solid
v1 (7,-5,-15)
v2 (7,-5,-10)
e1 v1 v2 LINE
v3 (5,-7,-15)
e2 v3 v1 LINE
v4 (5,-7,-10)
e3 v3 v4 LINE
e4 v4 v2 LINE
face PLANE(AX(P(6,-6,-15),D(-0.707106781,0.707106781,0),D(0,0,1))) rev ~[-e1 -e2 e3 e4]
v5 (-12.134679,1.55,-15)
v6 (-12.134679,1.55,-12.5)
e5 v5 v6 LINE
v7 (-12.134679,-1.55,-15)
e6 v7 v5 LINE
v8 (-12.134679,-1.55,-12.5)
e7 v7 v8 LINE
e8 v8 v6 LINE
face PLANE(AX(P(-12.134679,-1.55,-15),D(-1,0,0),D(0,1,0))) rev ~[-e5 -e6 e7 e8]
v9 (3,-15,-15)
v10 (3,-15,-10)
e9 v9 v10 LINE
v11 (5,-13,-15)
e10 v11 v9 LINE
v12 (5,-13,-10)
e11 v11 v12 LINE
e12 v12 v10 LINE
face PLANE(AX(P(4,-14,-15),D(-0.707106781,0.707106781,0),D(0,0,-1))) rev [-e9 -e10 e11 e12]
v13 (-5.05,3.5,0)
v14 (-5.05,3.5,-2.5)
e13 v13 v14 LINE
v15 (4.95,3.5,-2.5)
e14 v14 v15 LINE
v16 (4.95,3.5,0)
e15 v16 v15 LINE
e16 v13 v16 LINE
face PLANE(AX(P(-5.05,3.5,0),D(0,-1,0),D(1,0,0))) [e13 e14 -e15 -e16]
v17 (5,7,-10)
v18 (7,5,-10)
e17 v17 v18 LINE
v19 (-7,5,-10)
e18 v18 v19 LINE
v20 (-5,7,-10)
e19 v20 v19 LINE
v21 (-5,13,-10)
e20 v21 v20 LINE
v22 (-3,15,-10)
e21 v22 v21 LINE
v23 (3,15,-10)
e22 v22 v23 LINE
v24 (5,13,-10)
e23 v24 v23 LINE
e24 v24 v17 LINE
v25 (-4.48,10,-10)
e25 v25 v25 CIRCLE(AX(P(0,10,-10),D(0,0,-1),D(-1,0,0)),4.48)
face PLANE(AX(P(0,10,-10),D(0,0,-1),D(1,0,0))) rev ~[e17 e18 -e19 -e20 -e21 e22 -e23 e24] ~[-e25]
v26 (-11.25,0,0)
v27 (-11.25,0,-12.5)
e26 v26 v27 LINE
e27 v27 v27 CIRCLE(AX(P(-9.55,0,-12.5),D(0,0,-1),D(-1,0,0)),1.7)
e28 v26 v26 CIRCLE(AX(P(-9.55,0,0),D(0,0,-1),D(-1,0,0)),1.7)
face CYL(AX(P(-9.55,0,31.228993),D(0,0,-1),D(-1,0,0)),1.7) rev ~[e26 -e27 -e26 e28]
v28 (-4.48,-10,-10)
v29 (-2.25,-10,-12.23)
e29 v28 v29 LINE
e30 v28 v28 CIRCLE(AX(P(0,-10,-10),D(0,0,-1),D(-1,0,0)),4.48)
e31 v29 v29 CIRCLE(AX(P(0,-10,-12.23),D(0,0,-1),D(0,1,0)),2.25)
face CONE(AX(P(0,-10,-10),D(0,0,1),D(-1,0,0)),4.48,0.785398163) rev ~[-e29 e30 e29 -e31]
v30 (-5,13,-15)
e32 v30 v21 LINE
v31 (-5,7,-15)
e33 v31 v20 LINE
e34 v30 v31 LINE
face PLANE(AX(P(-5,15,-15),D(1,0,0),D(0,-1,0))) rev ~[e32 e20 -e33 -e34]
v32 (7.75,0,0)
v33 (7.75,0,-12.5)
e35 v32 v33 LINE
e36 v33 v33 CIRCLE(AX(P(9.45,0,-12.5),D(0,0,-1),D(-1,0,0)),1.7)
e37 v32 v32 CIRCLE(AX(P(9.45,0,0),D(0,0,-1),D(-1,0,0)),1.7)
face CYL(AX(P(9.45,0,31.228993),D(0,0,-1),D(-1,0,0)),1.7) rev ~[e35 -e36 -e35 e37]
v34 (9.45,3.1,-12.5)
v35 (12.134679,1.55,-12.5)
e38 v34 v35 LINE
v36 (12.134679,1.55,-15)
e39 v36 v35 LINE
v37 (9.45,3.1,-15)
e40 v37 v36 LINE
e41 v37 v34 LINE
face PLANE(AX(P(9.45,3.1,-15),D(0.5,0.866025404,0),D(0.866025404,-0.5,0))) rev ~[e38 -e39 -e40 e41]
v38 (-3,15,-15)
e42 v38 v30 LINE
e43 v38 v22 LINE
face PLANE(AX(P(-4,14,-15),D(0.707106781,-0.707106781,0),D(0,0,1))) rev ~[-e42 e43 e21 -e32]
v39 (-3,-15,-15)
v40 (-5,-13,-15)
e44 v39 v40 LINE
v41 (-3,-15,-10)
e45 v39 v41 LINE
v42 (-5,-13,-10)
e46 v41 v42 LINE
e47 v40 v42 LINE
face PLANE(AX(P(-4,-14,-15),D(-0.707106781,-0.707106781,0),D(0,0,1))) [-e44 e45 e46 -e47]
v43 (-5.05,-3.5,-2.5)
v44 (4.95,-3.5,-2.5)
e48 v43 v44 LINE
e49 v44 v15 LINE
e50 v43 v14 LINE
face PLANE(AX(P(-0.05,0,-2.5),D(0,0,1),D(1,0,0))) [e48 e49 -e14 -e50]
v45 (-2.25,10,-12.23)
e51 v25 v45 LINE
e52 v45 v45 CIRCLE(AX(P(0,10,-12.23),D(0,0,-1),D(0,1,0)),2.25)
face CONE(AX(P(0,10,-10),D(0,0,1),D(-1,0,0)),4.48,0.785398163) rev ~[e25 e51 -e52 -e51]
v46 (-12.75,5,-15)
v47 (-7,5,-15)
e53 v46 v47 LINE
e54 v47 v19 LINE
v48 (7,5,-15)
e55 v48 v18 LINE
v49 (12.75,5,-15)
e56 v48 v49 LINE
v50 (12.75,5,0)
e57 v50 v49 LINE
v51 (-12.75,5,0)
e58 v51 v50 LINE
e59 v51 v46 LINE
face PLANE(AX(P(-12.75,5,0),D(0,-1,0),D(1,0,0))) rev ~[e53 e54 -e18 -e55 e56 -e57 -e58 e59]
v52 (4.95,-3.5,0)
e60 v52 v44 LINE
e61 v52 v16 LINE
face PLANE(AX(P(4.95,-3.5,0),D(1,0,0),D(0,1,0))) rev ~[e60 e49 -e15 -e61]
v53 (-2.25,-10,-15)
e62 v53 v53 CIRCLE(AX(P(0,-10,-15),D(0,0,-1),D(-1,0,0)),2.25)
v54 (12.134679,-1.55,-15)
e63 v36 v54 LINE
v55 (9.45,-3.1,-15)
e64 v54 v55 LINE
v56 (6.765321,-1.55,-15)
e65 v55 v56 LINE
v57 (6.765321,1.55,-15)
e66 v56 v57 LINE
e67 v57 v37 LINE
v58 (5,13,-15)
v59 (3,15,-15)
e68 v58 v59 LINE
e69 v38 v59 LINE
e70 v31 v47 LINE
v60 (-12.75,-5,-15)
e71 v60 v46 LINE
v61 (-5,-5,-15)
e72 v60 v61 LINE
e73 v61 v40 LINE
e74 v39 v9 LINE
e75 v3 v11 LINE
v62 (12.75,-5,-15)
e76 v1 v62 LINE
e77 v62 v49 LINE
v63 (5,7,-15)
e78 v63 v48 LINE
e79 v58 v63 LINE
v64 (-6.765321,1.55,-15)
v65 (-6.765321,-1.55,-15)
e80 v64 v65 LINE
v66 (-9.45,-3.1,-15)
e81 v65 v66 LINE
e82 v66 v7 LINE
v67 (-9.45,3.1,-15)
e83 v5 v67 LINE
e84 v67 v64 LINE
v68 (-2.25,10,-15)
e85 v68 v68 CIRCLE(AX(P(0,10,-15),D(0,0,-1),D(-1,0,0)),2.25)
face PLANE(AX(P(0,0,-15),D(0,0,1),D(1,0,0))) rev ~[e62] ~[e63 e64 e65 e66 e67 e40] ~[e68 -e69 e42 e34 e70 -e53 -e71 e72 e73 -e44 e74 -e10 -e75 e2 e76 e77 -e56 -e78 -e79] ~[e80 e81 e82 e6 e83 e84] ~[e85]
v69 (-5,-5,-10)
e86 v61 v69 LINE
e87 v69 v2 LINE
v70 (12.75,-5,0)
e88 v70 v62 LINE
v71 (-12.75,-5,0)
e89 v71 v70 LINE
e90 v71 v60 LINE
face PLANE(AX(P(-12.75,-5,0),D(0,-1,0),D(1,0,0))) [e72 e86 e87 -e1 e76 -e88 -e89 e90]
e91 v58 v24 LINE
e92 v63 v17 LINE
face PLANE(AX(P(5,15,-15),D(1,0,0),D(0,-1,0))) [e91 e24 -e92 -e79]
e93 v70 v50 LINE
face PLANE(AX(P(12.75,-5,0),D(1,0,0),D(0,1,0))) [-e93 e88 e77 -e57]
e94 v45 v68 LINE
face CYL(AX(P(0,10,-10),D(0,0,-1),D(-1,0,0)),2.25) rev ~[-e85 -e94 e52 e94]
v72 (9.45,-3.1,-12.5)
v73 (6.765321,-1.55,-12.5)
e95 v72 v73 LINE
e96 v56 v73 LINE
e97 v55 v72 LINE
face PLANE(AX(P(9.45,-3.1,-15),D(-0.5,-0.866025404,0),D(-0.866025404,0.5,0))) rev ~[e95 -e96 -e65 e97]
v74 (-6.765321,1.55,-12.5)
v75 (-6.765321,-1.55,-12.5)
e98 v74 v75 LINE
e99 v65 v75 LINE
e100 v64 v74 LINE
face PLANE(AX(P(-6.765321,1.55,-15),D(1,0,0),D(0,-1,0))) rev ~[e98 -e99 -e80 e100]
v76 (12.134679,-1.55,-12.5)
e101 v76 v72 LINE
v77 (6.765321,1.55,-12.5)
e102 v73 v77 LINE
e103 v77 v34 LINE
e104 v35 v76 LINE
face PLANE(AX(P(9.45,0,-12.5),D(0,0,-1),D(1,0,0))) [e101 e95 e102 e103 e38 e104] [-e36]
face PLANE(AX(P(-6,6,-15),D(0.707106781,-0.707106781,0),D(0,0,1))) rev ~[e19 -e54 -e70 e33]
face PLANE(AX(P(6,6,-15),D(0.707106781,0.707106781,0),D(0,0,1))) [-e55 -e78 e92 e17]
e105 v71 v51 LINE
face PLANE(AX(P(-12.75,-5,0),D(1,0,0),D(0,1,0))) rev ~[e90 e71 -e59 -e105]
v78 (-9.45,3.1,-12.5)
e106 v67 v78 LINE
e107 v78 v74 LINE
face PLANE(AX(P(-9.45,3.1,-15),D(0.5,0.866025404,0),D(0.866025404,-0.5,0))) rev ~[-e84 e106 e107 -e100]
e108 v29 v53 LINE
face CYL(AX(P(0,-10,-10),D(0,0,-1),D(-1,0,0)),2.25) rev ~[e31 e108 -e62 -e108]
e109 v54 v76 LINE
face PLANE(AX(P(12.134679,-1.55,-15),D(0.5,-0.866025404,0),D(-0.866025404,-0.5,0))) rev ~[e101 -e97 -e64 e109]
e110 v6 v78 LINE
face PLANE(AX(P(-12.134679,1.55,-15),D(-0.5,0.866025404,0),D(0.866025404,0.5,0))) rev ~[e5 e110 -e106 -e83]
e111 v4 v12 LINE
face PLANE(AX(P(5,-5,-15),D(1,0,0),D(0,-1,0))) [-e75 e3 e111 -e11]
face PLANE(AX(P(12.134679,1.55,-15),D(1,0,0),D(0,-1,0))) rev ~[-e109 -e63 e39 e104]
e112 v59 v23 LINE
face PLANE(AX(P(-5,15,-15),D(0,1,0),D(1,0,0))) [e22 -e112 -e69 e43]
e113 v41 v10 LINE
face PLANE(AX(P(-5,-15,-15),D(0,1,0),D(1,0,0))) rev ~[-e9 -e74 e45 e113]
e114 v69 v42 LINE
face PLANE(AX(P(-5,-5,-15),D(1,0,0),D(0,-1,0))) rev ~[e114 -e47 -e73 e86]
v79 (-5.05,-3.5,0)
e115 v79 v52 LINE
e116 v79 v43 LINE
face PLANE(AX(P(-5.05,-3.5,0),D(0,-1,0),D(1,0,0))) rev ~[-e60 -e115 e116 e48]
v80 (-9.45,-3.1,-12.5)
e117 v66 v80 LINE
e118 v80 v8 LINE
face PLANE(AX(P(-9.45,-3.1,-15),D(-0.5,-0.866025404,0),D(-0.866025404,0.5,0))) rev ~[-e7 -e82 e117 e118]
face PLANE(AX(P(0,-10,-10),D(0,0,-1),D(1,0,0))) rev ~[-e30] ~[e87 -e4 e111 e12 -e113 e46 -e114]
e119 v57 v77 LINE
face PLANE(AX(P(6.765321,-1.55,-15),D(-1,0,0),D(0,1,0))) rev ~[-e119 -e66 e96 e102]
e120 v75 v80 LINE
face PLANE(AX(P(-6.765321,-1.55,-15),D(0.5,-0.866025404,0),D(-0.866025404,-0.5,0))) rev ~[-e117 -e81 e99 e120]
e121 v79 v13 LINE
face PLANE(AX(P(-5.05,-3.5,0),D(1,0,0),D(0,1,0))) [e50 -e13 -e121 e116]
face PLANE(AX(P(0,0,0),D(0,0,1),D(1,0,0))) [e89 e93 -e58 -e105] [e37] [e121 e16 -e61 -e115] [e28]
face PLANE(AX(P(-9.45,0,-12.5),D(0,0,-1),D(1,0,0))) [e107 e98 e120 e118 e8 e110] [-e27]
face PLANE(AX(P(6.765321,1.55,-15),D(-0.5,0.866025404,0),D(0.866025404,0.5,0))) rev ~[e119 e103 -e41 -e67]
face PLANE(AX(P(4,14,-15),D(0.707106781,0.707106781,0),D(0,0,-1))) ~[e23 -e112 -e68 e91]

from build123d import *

# Parameters (mm, degrees)
F0_W           = 25.5
F0_H           = 10
F1_DEPTH       = 15
F2_D           = 3.4
F3_W           = 10
F3_H           = 7
F4_DEPTH       = 2.5
F5_W           = 10
F5_H           = 10
F6_DEPTH       = 5
F8_D           = 4.5
F8_CSINK_D     = 8.96
F8_CSINK_ANGLE = 90
F9_SIZE        = 2
F11_DEPTH      = 2.5


with BuildPart() as f1:
    # F0 (on Top) → F1 (new body)
    with BuildSketch(Plane.XY):
        Rectangle(F0_W, F0_H)
    extrude(amount=-F1_DEPTH)

    # F2 (through all)
    with Locations(Plane.XY):
        with Locations((-9.55, 0), (9.45, 0)):
            Hole(F2_D / 2)

    # F3 (on face) → F4 (cut)
    with BuildSketch(Plane.XY):
        with Locations((-0.05, 0)):
            Rectangle(F3_W, F3_H)
    extrude(amount=-F4_DEPTH, mode=Mode.SUBTRACT)

    # F5 (on face) → F6 (join)
    with BuildSketch(Plane(origin=(0, 0, -15), x_dir=(1, 0, 0), z_dir=(0, 0, -1))):
        with Locations((0, 10)):
            Rectangle(F5_W, F5_H)
        with Locations((0, -10)):
            Rectangle(F5_W, F5_H)
    extrude(amount=-F6_DEPTH)

    # F8 (through all)
    with Locations(Plane.XY.offset(-10)):
        with Locations((0, -10), (0, 10)):
            CounterSinkHole(F8_D / 2, F8_CSINK_D / 2, counter_sink_angle=F8_CSINK_ANGLE)

    # F9
    f9_edges = [f1.edges().sort_by_distance(p)[0] for p in [
        (-5, 15, -12.5),
        (5, 15, -12.5),
        (5, 5, -12.5),
        (-5, 5, -12.5),
        (5, -5, -12.5),
        (5, -15, -12.5),
        (-5, -15, -12.5),
    ]]
    chamfer(f9_edges, length=F9_SIZE)

    # F10 (on face) → F11 (cut)
    with BuildSketch(Plane(origin=(0, 0, -15), x_dir=(1, 0, 0), z_dir=(0, 0, -1))):
        Polygon((6.7653212483, -1.55), (9.45, -3.1), (12.1346787517, -1.55), (12.1346787517, 1.55), (9.45, 3.1), (6.7653212483, 1.55), align=None)
        Polygon((-12.1346787517, -1.55), (-9.45, -3.1), (-6.7653212483, -1.55), (-6.7653212483, 1.55), (-9.45, 3.1), (-12.1346787517, 1.55), align=None)
    extrude(amount=-F11_DEPTH, mode=Mode.SUBTRACT)


solid = f1.part
